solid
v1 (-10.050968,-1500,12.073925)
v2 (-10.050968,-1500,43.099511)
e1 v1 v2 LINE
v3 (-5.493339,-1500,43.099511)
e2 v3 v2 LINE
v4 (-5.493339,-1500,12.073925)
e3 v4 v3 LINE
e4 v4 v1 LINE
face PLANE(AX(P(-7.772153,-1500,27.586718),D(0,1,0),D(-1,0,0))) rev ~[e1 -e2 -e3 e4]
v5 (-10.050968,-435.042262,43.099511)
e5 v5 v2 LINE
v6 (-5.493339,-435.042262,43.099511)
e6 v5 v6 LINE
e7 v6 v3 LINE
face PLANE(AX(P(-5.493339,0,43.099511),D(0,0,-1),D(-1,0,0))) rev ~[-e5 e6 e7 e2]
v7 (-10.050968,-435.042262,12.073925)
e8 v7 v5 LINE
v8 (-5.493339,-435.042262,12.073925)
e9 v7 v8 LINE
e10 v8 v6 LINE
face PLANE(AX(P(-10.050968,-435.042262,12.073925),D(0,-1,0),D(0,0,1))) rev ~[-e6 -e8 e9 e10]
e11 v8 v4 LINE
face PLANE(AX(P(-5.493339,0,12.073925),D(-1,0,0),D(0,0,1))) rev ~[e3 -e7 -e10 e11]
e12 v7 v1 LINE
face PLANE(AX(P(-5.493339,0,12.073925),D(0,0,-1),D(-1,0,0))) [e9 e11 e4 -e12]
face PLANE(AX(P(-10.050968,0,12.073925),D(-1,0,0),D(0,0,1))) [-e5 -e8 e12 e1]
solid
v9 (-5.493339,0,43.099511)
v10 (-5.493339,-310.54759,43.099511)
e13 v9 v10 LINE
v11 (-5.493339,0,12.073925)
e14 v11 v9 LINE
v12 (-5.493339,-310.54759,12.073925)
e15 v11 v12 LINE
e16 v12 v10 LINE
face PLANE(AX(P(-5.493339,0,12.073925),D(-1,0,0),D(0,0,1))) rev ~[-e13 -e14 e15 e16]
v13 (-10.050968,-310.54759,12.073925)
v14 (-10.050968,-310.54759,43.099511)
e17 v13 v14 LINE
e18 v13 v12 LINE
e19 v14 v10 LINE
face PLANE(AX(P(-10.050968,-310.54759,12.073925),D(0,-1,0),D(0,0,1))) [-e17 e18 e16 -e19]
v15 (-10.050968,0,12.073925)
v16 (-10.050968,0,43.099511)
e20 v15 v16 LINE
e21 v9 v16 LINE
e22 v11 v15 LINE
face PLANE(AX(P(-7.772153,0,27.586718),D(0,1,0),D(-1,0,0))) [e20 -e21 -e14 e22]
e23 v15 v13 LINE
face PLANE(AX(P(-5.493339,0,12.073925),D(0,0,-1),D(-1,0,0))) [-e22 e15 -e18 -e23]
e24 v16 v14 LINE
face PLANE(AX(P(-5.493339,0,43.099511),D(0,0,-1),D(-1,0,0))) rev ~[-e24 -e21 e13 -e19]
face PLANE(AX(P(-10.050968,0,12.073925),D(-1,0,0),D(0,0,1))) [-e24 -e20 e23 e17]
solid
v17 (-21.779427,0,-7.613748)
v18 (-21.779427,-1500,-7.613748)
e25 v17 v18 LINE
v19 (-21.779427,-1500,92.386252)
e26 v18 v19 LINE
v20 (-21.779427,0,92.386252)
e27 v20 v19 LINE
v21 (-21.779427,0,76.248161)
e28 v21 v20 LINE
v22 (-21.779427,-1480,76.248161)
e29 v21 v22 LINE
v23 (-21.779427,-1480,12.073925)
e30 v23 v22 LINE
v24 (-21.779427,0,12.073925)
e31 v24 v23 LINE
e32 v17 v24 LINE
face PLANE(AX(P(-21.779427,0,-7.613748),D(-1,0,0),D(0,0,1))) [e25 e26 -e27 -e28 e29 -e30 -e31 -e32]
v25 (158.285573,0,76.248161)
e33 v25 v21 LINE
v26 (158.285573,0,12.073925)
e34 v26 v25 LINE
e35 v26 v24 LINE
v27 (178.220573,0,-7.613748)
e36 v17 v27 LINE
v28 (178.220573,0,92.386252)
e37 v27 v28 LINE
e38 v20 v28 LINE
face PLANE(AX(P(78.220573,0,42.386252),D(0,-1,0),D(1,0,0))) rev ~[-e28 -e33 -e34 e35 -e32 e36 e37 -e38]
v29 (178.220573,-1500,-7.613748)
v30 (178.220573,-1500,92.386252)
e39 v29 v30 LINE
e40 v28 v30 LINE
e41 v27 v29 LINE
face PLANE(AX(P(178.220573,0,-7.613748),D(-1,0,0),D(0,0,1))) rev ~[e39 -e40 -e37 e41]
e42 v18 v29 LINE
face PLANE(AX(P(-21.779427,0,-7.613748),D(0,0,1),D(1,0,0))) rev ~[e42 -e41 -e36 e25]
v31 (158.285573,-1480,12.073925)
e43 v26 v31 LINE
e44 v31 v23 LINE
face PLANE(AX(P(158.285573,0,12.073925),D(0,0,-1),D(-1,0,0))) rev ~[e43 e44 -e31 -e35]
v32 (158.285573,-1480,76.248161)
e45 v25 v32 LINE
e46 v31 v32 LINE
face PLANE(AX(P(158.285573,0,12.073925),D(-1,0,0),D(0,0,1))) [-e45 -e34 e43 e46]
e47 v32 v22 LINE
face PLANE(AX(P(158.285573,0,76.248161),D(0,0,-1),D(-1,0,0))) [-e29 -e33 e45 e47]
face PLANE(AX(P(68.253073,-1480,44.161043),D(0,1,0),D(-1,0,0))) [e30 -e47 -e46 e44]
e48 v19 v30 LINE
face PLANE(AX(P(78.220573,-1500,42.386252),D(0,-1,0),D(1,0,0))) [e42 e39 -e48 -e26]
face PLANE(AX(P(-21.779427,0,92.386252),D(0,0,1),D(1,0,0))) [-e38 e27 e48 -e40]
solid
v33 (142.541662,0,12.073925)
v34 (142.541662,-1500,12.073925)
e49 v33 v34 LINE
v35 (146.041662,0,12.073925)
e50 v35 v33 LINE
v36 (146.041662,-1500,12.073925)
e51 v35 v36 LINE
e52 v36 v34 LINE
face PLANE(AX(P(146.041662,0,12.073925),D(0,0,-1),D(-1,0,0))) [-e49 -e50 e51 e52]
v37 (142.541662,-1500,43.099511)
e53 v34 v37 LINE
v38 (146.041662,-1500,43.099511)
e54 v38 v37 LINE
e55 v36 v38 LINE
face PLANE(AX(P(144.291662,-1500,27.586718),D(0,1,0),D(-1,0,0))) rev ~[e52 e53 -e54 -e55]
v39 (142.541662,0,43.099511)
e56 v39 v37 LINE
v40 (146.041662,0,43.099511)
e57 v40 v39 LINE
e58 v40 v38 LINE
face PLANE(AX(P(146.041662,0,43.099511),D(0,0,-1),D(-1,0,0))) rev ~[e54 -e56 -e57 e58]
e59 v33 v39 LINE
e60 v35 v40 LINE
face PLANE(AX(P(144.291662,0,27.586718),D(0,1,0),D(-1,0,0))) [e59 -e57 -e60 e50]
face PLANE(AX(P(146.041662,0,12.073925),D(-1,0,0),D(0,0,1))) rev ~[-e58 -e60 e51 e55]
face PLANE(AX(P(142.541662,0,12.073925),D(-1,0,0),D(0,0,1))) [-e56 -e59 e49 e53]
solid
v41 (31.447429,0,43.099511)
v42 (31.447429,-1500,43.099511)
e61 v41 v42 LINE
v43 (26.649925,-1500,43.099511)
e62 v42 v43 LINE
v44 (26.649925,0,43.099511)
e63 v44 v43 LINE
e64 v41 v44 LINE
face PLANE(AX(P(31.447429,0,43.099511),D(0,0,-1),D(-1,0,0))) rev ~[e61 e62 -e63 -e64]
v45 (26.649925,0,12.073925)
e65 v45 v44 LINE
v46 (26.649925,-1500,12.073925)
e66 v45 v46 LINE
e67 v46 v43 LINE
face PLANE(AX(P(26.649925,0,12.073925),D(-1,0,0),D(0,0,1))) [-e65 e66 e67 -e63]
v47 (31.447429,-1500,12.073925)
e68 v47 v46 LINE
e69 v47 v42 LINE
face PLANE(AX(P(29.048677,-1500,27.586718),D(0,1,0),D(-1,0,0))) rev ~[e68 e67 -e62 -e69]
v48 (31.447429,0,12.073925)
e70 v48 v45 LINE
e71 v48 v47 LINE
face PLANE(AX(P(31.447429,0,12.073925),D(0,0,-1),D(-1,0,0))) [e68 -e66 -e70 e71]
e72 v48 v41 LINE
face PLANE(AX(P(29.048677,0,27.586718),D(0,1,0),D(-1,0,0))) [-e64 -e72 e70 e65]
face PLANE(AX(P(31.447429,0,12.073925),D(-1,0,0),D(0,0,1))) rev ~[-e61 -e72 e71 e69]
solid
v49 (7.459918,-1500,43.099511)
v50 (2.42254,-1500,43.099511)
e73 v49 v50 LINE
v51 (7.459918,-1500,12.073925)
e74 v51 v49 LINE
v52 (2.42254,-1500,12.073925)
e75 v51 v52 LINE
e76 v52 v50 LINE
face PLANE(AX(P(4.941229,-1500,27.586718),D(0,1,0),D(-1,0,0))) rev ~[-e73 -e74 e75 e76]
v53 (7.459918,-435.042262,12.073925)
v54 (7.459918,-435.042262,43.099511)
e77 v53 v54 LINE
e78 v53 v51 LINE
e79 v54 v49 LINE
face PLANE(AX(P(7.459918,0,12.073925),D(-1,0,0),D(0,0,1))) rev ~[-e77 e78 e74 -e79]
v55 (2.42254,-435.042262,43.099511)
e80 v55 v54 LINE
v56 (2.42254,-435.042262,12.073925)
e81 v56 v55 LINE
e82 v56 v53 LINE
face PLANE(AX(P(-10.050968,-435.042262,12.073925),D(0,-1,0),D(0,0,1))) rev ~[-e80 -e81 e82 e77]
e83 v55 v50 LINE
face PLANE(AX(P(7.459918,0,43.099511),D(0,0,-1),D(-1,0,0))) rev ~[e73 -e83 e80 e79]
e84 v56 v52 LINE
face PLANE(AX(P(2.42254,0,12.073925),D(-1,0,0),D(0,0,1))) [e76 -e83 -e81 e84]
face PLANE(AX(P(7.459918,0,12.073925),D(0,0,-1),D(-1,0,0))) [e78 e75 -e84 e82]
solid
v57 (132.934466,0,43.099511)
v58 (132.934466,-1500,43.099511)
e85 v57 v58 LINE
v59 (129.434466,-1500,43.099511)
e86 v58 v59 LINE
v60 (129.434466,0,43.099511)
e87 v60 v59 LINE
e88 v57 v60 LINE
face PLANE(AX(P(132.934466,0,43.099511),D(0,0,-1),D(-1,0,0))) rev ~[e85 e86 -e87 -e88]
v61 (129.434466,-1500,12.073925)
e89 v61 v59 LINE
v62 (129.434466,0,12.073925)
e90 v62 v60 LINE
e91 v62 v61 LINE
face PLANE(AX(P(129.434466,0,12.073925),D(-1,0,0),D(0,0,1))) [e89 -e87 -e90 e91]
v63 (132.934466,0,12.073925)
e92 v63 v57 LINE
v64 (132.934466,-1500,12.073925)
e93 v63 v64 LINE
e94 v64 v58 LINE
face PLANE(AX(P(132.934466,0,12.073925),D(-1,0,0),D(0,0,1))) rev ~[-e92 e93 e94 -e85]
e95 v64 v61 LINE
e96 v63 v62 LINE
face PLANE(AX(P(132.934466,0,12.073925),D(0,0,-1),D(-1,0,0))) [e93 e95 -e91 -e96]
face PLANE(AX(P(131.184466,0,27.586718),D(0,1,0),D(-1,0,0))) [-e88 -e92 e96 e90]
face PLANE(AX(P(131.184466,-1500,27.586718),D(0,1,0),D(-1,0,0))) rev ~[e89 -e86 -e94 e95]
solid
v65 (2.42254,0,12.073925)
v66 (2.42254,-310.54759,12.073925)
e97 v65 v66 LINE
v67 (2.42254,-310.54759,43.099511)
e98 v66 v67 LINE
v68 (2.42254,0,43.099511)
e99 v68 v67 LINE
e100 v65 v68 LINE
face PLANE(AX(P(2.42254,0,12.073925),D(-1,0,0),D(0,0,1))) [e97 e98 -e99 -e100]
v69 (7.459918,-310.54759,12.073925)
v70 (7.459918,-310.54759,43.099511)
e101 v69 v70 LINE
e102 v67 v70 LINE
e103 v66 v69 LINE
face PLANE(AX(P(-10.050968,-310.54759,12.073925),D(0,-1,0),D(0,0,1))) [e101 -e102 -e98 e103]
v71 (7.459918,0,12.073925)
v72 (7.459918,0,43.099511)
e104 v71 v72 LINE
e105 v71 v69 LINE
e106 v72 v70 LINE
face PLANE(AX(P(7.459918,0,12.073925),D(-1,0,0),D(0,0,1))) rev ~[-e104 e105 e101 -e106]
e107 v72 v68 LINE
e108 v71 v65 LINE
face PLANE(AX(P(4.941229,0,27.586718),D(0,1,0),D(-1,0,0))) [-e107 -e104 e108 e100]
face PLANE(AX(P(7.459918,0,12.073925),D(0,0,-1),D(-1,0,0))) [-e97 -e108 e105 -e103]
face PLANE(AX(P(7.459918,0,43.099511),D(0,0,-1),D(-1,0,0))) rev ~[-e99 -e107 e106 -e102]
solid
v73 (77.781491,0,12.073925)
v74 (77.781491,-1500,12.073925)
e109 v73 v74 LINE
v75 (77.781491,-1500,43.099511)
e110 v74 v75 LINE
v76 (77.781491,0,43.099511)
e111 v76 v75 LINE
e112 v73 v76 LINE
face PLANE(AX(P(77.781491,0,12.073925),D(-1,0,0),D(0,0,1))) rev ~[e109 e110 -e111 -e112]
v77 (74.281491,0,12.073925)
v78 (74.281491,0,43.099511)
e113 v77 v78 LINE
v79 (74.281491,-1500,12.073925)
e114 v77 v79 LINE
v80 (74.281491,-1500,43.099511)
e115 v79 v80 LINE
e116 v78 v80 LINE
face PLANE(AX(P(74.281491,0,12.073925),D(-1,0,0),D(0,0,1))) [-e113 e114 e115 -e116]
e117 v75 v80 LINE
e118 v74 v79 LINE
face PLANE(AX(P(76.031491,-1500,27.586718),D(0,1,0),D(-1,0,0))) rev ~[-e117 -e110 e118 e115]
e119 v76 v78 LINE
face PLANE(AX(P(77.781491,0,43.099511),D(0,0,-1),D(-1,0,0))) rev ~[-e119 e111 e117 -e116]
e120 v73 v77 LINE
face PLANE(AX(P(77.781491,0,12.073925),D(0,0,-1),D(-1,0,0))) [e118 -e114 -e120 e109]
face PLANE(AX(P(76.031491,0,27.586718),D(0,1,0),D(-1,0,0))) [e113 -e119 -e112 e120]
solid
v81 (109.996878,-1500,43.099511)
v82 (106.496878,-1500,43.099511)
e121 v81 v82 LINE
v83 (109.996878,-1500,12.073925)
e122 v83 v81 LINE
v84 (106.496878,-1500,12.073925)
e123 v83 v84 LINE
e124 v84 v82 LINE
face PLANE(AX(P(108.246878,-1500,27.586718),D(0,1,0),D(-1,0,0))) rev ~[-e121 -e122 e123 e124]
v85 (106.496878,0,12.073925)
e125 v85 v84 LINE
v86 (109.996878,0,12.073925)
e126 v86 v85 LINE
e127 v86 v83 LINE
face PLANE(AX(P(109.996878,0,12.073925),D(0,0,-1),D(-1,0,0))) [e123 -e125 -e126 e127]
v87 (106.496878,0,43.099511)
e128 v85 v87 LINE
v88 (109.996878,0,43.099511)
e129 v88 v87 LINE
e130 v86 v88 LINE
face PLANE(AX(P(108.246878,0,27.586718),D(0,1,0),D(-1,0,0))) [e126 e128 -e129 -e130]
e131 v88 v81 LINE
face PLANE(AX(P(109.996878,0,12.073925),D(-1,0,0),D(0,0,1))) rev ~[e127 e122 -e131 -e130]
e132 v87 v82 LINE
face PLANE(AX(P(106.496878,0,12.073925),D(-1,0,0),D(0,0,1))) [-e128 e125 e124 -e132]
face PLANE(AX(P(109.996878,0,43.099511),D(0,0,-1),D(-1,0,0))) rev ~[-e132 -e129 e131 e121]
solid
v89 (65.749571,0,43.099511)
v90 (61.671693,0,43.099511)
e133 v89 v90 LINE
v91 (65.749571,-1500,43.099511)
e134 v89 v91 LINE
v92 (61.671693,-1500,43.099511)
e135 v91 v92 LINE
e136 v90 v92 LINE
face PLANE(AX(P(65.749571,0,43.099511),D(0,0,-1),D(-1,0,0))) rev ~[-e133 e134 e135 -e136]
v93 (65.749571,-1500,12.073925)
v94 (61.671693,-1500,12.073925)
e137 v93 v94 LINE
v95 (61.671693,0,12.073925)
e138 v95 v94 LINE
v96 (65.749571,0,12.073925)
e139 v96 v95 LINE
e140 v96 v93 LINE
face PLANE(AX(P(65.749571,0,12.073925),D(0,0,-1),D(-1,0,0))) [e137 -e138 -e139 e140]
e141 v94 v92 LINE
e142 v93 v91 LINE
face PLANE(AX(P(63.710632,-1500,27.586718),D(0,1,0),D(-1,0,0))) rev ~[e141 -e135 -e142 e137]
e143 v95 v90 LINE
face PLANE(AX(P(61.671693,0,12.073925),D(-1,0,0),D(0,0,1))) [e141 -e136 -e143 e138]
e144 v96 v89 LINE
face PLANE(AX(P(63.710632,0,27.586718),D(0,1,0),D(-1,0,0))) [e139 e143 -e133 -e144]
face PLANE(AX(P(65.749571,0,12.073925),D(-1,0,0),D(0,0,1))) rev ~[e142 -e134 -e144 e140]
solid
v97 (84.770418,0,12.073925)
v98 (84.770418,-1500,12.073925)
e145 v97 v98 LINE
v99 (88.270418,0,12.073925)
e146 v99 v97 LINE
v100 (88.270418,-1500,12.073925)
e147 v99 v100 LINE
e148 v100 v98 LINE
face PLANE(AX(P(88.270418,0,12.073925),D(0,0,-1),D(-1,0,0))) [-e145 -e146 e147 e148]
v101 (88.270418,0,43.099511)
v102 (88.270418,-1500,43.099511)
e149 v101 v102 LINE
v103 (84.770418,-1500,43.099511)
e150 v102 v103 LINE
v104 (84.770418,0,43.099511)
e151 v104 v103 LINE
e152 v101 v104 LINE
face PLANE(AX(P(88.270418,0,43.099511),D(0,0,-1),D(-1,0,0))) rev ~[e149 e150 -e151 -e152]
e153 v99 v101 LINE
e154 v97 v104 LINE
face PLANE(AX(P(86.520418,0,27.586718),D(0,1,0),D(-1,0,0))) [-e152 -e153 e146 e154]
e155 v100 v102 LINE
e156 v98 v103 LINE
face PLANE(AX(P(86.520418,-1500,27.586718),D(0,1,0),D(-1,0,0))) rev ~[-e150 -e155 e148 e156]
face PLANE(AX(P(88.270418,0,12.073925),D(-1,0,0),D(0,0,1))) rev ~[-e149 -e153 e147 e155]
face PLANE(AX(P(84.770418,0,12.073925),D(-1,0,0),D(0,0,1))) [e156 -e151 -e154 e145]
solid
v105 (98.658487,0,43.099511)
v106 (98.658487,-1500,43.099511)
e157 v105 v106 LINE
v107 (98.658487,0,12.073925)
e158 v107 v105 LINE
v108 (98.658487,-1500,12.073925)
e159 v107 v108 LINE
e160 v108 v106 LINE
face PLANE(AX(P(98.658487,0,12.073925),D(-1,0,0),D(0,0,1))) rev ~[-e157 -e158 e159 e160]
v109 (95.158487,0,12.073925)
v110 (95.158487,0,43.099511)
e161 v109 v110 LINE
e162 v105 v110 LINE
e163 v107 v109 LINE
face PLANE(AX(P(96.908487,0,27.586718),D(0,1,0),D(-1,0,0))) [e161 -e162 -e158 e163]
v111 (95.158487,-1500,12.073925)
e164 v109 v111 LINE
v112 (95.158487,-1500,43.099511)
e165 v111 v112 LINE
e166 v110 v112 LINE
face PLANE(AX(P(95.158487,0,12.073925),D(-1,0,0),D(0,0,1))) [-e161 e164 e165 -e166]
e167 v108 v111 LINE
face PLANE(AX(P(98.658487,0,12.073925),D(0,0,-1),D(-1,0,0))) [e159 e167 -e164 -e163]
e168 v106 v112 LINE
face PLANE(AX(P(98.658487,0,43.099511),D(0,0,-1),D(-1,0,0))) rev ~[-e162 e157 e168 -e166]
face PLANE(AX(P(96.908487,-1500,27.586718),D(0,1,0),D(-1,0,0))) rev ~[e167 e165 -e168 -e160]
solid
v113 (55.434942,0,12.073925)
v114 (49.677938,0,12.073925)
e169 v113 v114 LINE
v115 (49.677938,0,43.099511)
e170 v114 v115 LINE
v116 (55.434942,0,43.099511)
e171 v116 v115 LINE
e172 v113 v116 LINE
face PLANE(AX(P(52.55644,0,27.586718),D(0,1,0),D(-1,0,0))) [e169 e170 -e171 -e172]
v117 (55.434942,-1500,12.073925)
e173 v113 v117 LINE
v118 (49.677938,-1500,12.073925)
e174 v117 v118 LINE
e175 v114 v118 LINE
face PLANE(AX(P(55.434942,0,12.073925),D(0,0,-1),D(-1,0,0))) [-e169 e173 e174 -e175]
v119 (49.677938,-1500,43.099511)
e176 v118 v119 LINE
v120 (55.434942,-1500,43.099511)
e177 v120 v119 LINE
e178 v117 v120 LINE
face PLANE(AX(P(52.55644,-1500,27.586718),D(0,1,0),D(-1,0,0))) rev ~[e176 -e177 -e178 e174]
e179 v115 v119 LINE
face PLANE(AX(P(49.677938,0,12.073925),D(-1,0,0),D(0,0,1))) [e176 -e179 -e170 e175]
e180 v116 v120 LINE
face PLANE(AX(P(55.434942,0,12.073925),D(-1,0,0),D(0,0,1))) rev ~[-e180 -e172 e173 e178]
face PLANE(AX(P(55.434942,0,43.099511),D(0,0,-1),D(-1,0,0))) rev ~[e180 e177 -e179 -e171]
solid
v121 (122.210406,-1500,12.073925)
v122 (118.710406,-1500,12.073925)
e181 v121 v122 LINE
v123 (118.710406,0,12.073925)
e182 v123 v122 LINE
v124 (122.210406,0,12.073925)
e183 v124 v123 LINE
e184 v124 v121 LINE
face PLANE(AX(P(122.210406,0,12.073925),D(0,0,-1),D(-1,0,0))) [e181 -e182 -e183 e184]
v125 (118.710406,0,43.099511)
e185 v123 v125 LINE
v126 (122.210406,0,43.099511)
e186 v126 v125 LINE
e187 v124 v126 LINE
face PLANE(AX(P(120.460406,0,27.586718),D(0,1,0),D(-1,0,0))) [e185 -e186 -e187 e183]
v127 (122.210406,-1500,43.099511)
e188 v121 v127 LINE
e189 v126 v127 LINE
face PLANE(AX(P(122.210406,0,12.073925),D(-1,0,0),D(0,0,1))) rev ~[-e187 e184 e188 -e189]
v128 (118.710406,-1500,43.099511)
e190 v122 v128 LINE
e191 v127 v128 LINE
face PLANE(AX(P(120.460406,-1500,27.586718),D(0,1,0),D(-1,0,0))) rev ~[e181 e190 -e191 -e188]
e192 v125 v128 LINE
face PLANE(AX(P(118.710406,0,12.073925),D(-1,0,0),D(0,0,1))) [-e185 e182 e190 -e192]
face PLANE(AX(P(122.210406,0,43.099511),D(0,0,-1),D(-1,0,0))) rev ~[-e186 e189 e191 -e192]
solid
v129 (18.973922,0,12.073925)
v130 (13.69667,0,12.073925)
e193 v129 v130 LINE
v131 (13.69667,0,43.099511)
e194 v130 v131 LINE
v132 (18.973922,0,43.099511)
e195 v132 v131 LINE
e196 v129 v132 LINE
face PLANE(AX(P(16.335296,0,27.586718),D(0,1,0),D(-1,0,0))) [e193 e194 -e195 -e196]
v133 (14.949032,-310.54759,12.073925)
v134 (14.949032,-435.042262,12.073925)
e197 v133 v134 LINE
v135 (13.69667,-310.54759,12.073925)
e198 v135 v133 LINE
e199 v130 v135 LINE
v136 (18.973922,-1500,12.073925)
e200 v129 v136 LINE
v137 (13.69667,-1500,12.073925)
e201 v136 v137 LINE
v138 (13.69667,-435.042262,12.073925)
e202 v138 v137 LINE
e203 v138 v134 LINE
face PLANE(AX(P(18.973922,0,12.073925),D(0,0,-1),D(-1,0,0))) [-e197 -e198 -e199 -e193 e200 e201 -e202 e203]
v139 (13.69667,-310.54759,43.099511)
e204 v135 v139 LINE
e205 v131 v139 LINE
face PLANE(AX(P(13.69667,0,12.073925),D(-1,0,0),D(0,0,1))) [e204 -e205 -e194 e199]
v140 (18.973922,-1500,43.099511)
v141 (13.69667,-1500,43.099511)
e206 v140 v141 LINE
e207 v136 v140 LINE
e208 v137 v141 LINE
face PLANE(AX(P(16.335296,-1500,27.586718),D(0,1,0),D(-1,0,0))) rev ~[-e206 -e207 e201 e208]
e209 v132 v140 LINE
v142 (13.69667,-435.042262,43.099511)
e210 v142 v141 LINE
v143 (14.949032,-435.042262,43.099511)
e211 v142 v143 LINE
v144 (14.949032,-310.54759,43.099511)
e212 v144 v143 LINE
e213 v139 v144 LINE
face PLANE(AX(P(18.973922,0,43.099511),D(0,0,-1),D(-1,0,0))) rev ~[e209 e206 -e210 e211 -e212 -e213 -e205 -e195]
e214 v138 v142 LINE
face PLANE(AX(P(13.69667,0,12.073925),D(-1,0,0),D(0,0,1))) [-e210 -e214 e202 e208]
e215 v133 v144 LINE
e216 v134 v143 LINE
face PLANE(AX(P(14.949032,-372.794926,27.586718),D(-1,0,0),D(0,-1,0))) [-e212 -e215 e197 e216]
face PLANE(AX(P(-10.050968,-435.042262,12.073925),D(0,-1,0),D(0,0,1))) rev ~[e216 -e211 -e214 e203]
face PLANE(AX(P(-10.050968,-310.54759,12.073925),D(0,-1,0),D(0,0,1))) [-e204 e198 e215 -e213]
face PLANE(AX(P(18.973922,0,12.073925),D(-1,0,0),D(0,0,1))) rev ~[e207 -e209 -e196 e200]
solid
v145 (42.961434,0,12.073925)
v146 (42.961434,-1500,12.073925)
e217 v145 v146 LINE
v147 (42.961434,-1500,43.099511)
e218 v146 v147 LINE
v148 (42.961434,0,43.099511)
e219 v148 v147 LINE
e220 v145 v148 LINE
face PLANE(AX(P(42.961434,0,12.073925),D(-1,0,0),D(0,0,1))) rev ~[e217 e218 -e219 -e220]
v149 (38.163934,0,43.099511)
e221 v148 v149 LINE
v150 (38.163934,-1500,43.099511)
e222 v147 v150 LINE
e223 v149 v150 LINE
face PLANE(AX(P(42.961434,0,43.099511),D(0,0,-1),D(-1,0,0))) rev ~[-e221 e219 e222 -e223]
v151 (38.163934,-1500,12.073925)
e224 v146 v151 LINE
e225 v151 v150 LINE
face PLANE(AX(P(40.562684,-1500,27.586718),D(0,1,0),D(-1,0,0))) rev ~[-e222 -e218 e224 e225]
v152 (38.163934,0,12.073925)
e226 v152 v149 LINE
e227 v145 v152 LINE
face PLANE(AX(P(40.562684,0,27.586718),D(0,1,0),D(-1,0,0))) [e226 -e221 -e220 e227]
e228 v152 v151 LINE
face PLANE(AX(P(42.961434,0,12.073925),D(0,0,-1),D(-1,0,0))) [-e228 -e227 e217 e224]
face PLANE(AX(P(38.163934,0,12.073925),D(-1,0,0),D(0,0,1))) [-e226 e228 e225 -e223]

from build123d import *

# Parameters (mm, degrees)
F0_W     = 200
F0_H     = 100
F1_DEPTH = 1500
F2_W     = 180.065
F2_H     = 64.174236
F3_DEPTH = 1480
F4_W     = 3.5
F4_H     = 31.025586
F4_W_2   = 4.077878
F4_W_3   = 5.757004
F4_W_4   = 4.7975
F4_W_5   = 4.797503
F4_W_6   = 5.277252
F4_W_7   = 5.037379
F4_W_8   = 4.557629
F5_DEPTH = 1500
F6_W     = 124.494672
F6_H     = 31.025586
F7_DEPTH = 25


with BuildPart() as f1:
    # F0 (on Front) → F1 (new body)
    with BuildSketch(Plane.XZ):
        with Locations((78.220573, 42.386252)):
            Rectangle(F0_W, F0_H)
    extrude(amount=F1_DEPTH)

    # F2 (on face) → F3 (cut)
    with BuildSketch(Plane(origin=(0, 0, 0), x_dir=(-1, 0, 0), z_dir=(0, 1, 0))):
        with Locations((-68.253073, 44.161043)):
            Rectangle(F2_W, F2_H)
    extrude(amount=-F3_DEPTH, mode=Mode.SUBTRACT)


with BuildPart() as f5:
    # F4 (on face) → F5 (new body)
    with BuildSketch(Plane(origin=(0, 0, 0), x_dir=(-1, 0, 0), z_dir=(0, 1, 0))):
        with Locations((-144.291662, 27.586718)):
            Rectangle(F4_W, F4_H)
        with Locations((-131.184466, 27.586718)):
            Rectangle(F4_W, F4_H)
        with Locations((-120.460406, 27.586718)):
            Rectangle(F4_W, F4_H)
        with Locations((-108.246878, 27.586718)):
            Rectangle(F4_W, F4_H)
        with Locations((-96.908487, 27.586718)):
            Rectangle(F4_W, F4_H)
        with Locations((-86.520418, 27.586718)):
            Rectangle(F4_W, F4_H)
        with Locations((-76.031491, 27.586718)):
            Rectangle(F4_W, F4_H)
        with Locations((-63.710632, 27.586718)):
            Rectangle(F4_W_2, F4_H)
        with Locations((-52.55644, 27.586718)):
            Rectangle(F4_W_3, F4_H)
        with Locations((-40.562684, 27.586718)):
            Rectangle(F4_W_4, F4_H)
        with Locations((-29.048677, 27.586718)):
            Rectangle(F4_W_5, F4_H)
        with Locations((-16.335296, 27.586718)):
            Rectangle(F4_W_6, F4_H)
        with Locations((-4.941229, 27.586718)):
            Rectangle(F4_W_7, F4_H)
        with Locations((7.772153, 27.586718)):
            Rectangle(F4_W_8, F4_H)
    extrude(amount=-F5_DEPTH)

    # F6 (on face) → F7 (cut)
    with BuildSketch(Plane(origin=(-10.050968, 0, 0), x_dir=(0, -1, 0), z_dir=(-1, 0, 0))):
        with Locations((372.794926, 27.586718)):
            Rectangle(F6_W, F6_H)
    extrude(amount=-F7_DEPTH, mode=Mode.SUBTRACT)


solid = Compound([f1.part, f5.part])
